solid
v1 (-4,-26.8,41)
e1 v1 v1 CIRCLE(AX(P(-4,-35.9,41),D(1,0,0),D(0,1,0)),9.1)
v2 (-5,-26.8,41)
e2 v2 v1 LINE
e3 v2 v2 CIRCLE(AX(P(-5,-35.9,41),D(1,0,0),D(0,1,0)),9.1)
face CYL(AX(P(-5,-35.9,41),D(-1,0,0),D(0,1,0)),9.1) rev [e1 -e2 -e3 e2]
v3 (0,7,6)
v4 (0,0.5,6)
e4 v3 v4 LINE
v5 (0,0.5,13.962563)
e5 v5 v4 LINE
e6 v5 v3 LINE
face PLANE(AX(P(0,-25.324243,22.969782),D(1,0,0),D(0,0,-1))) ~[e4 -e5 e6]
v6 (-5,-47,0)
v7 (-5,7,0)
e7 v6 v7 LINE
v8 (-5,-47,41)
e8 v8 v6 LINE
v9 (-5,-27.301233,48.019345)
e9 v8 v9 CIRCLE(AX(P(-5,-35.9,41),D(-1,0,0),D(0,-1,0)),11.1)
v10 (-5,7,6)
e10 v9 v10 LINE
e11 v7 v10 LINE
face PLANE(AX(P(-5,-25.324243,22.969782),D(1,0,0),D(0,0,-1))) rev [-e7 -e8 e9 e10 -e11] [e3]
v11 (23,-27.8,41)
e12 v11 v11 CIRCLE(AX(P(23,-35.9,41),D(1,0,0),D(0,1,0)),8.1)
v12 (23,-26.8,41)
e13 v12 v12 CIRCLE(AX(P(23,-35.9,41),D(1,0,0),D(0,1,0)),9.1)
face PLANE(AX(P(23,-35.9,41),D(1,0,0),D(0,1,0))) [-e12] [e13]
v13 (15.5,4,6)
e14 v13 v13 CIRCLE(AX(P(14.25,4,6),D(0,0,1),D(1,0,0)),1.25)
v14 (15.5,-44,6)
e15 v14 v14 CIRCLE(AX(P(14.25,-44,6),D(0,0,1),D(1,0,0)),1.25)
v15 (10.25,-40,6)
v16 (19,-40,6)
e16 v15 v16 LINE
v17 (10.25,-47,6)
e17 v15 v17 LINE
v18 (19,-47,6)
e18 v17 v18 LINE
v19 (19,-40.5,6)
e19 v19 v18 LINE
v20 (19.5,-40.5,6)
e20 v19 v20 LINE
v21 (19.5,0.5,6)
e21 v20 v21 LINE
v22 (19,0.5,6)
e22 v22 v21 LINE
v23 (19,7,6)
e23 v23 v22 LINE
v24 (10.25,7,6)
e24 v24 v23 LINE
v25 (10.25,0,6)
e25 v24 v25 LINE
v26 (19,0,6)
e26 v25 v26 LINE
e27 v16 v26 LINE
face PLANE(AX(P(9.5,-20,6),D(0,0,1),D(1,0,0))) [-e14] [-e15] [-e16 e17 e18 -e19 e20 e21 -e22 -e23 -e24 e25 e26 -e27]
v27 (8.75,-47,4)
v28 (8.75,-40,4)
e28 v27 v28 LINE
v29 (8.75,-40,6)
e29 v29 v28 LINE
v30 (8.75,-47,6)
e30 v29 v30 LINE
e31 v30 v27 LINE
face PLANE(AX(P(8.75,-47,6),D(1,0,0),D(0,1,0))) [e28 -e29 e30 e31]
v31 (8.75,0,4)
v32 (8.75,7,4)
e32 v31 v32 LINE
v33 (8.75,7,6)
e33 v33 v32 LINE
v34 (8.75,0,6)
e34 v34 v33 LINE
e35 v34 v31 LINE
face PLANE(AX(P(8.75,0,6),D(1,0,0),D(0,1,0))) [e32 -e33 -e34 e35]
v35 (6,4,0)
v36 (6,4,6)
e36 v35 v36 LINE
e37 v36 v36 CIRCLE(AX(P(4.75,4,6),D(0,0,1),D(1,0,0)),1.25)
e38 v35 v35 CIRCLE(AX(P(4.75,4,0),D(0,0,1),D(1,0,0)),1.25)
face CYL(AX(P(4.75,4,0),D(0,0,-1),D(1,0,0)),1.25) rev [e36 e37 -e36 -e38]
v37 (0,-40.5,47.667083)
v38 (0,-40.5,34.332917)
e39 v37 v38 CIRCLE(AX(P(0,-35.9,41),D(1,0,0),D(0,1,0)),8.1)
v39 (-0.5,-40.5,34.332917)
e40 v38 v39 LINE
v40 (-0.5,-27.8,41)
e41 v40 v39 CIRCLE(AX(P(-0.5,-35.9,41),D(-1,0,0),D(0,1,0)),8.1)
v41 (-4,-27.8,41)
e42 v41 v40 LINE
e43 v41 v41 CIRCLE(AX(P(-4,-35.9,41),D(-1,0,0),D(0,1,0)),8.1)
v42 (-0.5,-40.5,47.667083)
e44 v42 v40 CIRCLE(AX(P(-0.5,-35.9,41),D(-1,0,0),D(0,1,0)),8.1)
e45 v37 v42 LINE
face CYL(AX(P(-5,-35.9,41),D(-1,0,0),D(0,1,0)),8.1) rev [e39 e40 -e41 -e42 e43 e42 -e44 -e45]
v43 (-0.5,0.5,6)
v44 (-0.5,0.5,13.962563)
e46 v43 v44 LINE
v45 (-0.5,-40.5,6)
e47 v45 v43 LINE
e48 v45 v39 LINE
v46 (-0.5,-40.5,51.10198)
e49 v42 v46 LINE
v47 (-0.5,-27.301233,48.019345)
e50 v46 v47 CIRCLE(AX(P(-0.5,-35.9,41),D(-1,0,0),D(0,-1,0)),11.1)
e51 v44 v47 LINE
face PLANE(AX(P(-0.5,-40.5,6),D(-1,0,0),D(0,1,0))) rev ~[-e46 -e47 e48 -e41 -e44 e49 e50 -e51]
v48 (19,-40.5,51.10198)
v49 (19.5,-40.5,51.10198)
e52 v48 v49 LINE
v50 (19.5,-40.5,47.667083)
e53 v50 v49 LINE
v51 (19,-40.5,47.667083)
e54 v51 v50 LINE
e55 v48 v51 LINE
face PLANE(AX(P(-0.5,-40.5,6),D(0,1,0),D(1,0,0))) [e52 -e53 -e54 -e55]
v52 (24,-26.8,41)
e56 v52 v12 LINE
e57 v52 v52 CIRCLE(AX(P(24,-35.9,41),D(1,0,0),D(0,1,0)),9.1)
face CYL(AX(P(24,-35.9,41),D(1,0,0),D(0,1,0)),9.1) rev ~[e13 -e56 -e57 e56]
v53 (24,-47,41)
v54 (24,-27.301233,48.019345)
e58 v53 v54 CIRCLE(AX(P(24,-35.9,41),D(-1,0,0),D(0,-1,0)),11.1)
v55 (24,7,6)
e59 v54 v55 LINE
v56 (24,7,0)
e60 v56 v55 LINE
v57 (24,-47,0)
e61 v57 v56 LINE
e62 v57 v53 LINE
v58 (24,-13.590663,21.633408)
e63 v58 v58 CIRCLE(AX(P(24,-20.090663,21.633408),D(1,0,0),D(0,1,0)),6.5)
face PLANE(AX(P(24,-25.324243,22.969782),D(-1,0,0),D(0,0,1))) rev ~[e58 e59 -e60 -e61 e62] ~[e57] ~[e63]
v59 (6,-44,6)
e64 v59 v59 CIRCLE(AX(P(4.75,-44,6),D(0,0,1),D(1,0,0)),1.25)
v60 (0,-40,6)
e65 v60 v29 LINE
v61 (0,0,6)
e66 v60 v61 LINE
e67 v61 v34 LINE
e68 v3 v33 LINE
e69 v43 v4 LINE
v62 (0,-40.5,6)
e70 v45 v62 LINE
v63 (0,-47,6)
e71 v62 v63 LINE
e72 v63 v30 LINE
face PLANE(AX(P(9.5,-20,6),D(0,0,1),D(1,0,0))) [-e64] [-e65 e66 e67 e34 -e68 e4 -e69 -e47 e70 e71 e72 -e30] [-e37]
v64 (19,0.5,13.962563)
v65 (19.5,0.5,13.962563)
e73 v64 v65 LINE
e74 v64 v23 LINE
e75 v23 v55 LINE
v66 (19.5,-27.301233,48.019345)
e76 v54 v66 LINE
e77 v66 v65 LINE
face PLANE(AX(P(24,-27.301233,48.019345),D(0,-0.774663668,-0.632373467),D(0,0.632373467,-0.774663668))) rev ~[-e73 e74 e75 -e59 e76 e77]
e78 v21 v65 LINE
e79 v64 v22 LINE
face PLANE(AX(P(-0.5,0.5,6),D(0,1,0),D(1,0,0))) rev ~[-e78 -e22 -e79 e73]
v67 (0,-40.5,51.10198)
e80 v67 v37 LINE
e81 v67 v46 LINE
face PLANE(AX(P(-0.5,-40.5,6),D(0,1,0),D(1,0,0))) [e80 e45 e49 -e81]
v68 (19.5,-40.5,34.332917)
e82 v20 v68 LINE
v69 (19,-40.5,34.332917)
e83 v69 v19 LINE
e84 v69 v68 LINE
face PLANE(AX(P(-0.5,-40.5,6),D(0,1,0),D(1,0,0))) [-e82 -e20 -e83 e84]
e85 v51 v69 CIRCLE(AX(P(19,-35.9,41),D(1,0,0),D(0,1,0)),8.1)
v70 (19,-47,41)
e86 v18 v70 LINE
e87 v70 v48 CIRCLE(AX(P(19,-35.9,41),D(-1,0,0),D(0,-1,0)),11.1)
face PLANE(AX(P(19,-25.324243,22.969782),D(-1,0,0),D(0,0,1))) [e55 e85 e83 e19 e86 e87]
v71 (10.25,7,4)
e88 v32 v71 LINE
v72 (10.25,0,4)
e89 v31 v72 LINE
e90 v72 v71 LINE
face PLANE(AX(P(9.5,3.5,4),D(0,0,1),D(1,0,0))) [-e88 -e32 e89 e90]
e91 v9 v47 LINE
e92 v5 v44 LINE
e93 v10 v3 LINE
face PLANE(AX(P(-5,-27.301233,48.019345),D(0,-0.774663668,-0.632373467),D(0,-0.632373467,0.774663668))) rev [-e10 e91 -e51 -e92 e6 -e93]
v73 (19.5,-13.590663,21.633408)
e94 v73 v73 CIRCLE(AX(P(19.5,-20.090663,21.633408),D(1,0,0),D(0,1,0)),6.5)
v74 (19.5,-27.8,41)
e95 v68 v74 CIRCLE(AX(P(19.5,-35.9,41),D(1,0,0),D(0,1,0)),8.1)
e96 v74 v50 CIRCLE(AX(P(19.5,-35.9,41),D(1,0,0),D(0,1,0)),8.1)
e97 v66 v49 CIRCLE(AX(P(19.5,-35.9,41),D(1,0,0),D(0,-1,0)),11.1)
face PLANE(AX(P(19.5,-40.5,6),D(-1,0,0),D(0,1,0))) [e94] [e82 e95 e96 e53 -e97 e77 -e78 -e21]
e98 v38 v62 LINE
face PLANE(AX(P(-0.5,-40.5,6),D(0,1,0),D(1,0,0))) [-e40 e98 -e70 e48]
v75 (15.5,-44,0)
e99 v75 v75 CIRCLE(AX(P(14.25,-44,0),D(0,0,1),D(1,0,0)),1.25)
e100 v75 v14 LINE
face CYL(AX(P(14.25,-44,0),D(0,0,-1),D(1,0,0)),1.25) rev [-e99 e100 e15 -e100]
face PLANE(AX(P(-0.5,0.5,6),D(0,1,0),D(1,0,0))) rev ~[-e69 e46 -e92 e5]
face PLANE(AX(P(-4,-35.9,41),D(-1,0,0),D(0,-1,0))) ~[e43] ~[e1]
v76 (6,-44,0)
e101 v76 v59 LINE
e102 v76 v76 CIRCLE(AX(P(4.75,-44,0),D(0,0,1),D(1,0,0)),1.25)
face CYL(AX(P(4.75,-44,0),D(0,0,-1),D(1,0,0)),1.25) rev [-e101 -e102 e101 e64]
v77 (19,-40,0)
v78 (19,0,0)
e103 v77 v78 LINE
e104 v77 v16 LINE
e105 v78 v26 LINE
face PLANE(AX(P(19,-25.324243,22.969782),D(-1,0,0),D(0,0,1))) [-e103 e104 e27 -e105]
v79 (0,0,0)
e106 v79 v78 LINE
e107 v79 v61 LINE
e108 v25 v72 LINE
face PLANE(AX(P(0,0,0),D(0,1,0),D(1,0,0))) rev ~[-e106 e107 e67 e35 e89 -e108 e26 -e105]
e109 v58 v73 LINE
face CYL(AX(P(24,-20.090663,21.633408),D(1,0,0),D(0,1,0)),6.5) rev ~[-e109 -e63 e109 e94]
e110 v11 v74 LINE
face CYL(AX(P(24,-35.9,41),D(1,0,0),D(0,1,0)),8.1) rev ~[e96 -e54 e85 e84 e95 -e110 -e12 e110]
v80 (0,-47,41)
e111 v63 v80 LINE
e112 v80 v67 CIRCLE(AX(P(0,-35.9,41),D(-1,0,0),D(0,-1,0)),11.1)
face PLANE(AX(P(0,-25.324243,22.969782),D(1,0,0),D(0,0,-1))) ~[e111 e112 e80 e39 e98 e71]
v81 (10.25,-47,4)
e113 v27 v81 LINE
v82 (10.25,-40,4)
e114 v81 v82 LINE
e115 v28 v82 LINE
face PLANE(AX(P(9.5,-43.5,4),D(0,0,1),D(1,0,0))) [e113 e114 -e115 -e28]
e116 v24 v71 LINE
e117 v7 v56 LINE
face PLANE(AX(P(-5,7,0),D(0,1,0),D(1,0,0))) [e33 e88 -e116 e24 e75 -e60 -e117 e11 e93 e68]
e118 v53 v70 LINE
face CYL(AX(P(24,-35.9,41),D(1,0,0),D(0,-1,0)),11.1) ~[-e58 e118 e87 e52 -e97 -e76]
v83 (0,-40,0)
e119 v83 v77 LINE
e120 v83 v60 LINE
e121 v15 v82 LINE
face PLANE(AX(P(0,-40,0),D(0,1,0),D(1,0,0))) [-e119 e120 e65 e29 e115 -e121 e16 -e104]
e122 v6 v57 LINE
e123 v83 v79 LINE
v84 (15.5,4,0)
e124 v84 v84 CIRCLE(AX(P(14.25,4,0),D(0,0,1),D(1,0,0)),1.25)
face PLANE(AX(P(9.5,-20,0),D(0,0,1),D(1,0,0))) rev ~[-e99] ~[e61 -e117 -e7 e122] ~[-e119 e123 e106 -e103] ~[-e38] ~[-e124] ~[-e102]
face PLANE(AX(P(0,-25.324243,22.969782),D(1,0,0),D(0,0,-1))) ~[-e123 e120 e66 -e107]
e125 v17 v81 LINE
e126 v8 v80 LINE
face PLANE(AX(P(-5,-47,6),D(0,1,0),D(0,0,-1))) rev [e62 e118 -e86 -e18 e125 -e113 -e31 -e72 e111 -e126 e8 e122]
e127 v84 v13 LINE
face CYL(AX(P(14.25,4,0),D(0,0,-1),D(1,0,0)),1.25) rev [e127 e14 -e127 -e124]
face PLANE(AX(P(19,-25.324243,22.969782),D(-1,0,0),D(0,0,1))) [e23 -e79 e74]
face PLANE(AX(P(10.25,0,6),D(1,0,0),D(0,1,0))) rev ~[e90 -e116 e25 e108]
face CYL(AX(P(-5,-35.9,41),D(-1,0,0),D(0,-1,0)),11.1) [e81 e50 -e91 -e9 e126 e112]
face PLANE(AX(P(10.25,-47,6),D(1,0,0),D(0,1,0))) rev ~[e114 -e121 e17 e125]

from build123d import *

# Parameters (mm, degrees)
SKETCH_1_W          = 29
SKETCH_1_H          = 54
SKETCH_1_R          = 1.25
SKETCH_1_W_2        = 19
SKETCH_1_H_2        = 40
EXTRUDE_1_DEPTH     = 6
SKETCH_2_W          = 1.5
SKETCH_2_H          = 7
CUT_EXTRUDE_1_DEPTH = 2
SKETCH_3_R          = 8.1
EXTRUDE_2_DEPTH     = 5
SKETCH_4_R          = 9.1
CUT_EXTRUDE_2_DEPTH = 1
SKETCH_5_W          = 20
SKETCH_5_H          = 41
CUT_EXTRUDE_3_DEPTH = 71.072890621
SKETCH_6_R          = 6.5
CUT_EXTRUDE_4_DEPTH = 5


with BuildPart() as part:
    # Эскиз1 → Бобышка-Вытянуть1 (new body)
    with BuildSketch(Plane.XY):
        with Locations((9.5, -20)):
            Rectangle(SKETCH_1_W, SKETCH_1_H)
        with Locations((4.75, 4)):
            Circle(SKETCH_1_R, mode=Mode.SUBTRACT)
        with Locations((14.25, 4)):
            Circle(SKETCH_1_R, mode=Mode.SUBTRACT)
        with Locations((4.75, -44)):
            Circle(SKETCH_1_R, mode=Mode.SUBTRACT)
        with Locations((14.25, -44)):
            Circle(SKETCH_1_R, mode=Mode.SUBTRACT)
        with Locations((9.5, -20)):
            Rectangle(SKETCH_1_W_2, SKETCH_1_H_2, mode=Mode.SUBTRACT)
    extrude(amount=EXTRUDE_1_DEPTH)

    # Эскиз2 → Вырез-Вытянуть1 (cut)
    with BuildSketch(Plane.XY.offset(6)):
        with Locations((9.5, -43.5)):
            Rectangle(SKETCH_2_W, SKETCH_2_H)
        with Locations((9.5, 3.5)):
            Rectangle(SKETCH_2_W, SKETCH_2_H)
    extrude(amount=-CUT_EXTRUDE_1_DEPTH, mode=Mode.SUBTRACT)

    # Эскиз3 → Бобышка-Вытянуть2 (add)
    with BuildSketch(Plane(origin=(24, 0, 0), x_dir=(0, 0, -1), z_dir=(1, 0, 0))):
        with BuildLine():
            Line((-6, -47), (-41, -47))
            ThreePointArc((-41, -47), (-51.456010485, -39.625834772), (-48.019345484, -27.301233288))
            Line((-48.019345484, -27.301233288), (-6, 7))
            Line((-6, 7), (-6, -47))
        make_face()
        with Locations(Location((-41, -35.9, 0), (0, 0, 90))):
            Circle(SKETCH_3_R, mode=Mode.SUBTRACT)
    extrude_2 = extrude(amount=-EXTRUDE_2_DEPTH)

    # Эскиз4 → Вырез-Вытянуть2 (cut)
    with BuildSketch(Plane(origin=(24, 0, 0), x_dir=(0, 0, -1), z_dir=(1, 0, 0))):
        with Locations(Location((-41, -35.9, 0), (0, 0, 90))):
            Circle(SKETCH_4_R)
    cut_extrude_2 = extrude(amount=-CUT_EXTRUDE_2_DEPTH, mode=Mode.SUBTRACT)

    # Зеркальное отражение1: Бобышка-Вытянуть2, Вырез-Вытянуть2 across plane
    add(extrude_2.mirror(Plane.ZY.offset(-9.5)))
    add(cut_extrude_2.mirror(Plane.ZY.offset(-9.5)), mode=Mode.SUBTRACT)

    # Эскиз5 → Вырез-Вытянуть3 (cut, through all)
    with BuildSketch(Plane.XY.offset(6)):
        with Locations((9.5, -20)):
            Rectangle(SKETCH_5_W, SKETCH_5_H)
    extrude(amount=CUT_EXTRUDE_3_DEPTH, mode=Mode.SUBTRACT)

    # Эскиз6 → Вырез-Вытянуть4 (cut)
    with BuildSketch(Plane(origin=(24, 0, 0), x_dir=(0, 0, -1), z_dir=(1, 0, 0))):
        with Locations(Location((-21.633408306, -20.090663323, 0), (0, 0, 90))):
            Circle(SKETCH_6_R)
    extrude(amount=-CUT_EXTRUDE_4_DEPTH, mode=Mode.SUBTRACT)


solid = part.part
